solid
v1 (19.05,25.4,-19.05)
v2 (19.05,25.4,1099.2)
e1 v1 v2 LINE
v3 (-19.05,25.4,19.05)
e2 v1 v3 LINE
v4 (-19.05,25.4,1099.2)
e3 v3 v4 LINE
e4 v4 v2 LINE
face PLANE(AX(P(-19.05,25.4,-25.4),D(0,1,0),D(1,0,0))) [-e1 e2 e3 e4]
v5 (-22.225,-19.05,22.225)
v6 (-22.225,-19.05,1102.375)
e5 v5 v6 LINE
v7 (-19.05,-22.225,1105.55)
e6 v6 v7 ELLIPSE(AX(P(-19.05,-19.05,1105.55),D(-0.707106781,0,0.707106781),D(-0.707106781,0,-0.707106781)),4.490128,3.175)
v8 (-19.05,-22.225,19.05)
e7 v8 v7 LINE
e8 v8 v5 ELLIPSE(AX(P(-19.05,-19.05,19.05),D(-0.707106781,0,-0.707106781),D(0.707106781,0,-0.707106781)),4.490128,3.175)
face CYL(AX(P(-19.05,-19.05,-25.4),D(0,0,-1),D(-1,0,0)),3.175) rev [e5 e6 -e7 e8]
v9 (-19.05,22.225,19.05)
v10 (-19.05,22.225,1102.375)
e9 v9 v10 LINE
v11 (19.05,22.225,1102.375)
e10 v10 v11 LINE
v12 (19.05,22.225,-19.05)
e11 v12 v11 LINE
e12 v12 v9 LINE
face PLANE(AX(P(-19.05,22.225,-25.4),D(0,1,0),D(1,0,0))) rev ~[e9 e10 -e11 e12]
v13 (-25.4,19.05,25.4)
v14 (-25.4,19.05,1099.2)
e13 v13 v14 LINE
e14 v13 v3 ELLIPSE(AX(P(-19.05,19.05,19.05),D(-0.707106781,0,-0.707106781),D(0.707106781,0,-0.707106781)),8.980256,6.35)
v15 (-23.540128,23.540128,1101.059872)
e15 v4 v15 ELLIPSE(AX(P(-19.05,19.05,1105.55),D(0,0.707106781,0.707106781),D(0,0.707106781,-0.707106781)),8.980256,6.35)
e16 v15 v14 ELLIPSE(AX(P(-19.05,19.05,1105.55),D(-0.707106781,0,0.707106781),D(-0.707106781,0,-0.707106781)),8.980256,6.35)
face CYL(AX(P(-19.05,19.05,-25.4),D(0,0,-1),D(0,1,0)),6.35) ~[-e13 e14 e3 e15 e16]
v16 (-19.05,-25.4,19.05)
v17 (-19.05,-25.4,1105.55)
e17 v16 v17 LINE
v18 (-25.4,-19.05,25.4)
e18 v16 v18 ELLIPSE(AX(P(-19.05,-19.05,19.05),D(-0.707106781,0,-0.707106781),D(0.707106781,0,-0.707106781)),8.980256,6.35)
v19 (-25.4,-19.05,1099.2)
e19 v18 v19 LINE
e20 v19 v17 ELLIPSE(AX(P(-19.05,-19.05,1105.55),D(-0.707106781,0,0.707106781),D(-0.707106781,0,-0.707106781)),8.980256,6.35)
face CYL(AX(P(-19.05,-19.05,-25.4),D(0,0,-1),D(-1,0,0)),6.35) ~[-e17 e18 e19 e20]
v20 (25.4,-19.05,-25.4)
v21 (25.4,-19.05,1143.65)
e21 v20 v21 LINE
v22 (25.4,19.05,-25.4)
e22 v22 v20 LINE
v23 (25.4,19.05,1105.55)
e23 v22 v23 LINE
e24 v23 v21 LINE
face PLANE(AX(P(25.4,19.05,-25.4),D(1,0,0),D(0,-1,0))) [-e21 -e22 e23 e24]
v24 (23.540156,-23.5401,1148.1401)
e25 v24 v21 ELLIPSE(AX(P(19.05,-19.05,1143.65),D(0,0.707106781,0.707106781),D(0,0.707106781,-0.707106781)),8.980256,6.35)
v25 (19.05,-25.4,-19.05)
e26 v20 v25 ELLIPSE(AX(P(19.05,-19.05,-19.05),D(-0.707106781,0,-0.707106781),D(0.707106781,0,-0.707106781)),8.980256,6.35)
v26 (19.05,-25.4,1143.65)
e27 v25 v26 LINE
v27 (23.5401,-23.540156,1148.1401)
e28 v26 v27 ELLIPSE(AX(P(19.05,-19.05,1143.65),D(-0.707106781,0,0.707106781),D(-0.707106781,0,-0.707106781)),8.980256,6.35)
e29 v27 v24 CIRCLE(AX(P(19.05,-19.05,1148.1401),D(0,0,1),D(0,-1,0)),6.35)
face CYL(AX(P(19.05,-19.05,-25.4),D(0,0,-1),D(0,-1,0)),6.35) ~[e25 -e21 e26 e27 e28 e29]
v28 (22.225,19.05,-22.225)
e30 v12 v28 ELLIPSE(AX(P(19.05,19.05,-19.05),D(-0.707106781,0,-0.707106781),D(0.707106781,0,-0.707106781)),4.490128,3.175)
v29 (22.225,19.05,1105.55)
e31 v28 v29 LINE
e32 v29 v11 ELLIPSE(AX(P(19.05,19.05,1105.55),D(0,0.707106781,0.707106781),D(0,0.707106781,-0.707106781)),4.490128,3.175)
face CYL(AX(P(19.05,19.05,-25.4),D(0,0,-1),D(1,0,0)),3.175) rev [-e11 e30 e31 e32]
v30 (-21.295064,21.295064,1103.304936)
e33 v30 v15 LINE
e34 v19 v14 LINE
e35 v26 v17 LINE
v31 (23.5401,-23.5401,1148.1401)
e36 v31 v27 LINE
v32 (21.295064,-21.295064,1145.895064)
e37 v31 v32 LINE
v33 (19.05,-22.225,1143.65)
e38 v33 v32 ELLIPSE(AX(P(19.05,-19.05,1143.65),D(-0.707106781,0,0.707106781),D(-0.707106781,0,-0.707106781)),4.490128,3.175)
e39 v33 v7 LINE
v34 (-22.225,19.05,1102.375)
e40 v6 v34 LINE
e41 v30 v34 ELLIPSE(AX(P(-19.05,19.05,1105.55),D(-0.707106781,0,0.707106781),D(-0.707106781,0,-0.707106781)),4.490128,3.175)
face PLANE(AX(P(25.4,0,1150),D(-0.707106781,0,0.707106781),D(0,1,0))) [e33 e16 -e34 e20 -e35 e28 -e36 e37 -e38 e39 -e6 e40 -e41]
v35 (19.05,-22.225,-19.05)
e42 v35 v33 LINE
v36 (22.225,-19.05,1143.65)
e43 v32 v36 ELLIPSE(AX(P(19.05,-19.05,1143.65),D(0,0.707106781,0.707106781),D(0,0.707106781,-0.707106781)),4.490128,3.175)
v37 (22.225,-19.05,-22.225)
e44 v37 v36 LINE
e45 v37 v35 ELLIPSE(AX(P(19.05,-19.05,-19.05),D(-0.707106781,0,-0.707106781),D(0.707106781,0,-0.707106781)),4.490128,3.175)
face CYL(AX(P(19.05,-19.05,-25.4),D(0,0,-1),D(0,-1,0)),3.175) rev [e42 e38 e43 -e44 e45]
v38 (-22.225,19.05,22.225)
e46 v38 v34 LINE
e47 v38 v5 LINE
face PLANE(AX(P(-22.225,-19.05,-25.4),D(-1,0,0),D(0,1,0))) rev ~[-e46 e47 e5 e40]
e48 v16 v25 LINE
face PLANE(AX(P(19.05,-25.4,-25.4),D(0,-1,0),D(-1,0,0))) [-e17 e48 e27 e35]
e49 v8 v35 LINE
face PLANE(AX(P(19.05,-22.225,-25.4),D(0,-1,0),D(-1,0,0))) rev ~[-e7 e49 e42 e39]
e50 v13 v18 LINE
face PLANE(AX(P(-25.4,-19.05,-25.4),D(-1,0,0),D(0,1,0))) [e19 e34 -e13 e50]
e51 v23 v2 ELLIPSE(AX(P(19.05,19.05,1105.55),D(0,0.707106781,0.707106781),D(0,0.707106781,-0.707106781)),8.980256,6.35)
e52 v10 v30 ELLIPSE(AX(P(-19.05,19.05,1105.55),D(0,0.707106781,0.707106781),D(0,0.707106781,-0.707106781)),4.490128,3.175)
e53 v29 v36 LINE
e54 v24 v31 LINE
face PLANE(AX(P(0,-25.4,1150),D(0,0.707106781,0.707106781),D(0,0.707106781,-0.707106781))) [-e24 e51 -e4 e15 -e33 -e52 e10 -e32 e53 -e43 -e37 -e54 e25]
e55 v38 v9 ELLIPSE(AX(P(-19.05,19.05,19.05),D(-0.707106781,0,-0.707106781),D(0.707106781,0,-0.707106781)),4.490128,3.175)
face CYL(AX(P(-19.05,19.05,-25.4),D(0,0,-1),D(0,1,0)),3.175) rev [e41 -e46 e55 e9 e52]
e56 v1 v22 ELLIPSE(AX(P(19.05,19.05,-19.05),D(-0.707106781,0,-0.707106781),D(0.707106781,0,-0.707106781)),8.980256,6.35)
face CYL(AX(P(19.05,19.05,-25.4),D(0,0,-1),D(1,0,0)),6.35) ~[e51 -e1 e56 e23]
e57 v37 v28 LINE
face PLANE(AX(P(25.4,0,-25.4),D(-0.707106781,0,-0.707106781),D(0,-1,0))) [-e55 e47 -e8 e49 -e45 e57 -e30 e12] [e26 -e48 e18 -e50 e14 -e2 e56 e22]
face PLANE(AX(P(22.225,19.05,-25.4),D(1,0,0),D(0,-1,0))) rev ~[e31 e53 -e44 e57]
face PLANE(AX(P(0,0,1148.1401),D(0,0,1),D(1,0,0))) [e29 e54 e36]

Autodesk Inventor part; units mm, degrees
ref_plane "Plano inicial" through (0, 0, -25.4) normal (0, 0, 1) x (1, 0, 0)
ref_plane "Plano final" through (0, 0, 1148.1401) normal (0, 0, 1) x (1, 0, 0)
sketch "Boceto" plane through (0, 0, 0) normal (0, 0, 1) x (1, 0, 0)
  line L0 (-25.4, -19.05) -> (-25.4, 19.05)
  line L1 (-19.05, 25.4) -> (19.05, 25.4)
  line L2 (25.4, 19.05) -> (25.4, -19.05)
  line L3 (19.05, -25.4) -> (-19.05, -25.4)
  arc A0 (-25.4, -19.05) -> (-19.05, -25.4) centre (-19.05, -19.05) ccw
  arc A1 (-19.05, 25.4) -> (-25.4, 19.05) centre (-19.05, 19.05) ccw
  arc A2 (25.4, 19.05) -> (19.05, 25.4) centre (19.05, 19.05) ccw
  arc A3 (19.05, -25.4) -> (25.4, -19.05) centre (19.05, -19.05) ccw
  arc A4 (-19.05, 22.225) -> (-22.225, 19.05) centre (-19.05, 19.05) ccw
  line L4 (-19.05, 22.225) -> (19.05, 22.225)
  arc A5 (22.225, 19.05) -> (19.05, 22.225) centre (19.05, 19.05) ccw
  line L5 (22.225, 19.05) -> (22.225, -19.05)
  arc A6 (19.05, -22.225) -> (22.225, -19.05) centre (19.05, -19.05) ccw
  line L6 (19.05, -22.225) -> (-19.05, -22.225)
  arc A7 (-22.225, -19.05) -> (-19.05, -22.225) centre (-19.05, -19.05) ccw
  line L7 (-22.225, -19.05) -> (-22.225, 19.05)
  line L8 (0, 37.4012) -> (0, -37.4012) construction
  line L9 (-37.4012, 0) -> (37.4012, 0) construction
  dimension "d10" = 50.8
  dimension "d11" = 50.8
  dimension "d12" = 3.175
  dimension "d15" = 25.4
  dimension "d16" = 25.4
  dimension "d17" = 6.35
extrude "Cuerpo" add sketch "Boceto" along normal up to surface (1173.5401 mm away) from surface at -25.4
sketch "Sketch3" plane through (0, 0, 0) normal (0, 0, 1) x (1, 0, 0)
  line L0 (0, 0) -> (10, 0)
ref_plane "Work Plane3" through (0, 0, 0) normal (0, -1, 0) x (1, 0, 0)
ref_plane "Plano de trabajo4" through (25.4, 0, -25.4) normal (-0.7071, 0, -0.7071) x (-0.7071, 0, 0.7071)
split "Dividir1" plane through (25.4, 0, -25.4) removes the side toward (-0.7071, 0, -0.7071)
ref_plane "Plano de trabajo5" through (25.4, 0, 1150) normal (-0.7071, 0, 0.7071) x (0.7071, 0, 0.7071)
split "Dividir2" plane through (25.4, 0, 1150) removes the side toward (-0.7071, 0, 0.7071)
ref_plane "Plano de trabajo6" through (0, -25.4, 1150) normal (0, 0.7071, 0.7071) x (1, 0, 0)
split "Dividir3" plane through (0, -25.4, 1150) removes the side toward (0, 0.7071, 0.7071)
sketch "Sketch4" plane through (0, 0, 0) normal (0, -1, 0) x (1, 0, 0)
  line L0 (-2, -25.4) -> (12, -25.4) projected
  line L1 (-2, 1148.1401) -> (12, 1148.1401) projected
  dimension "d19" = 1173.5401
equation "\"d10\" = G_H"
equation "\"d11\" = G_W"
equation "\"d12\" = G_T"
equation "\"d15\" = 0.5 * d10"
equation "\"d16\" = 0.5 * d11"
equation "\"d17\" = G_IR"
equation "\"d3\" = G_L"
equation "\"G_W\" = 50.8"
equation "\"G_H\" = 50.8"
equation "\"G_T\" = 3.175"
equation "\"G_IR\" = 6.35"
equation "\"G_L\" = d19"
equation "\"G_OFFSET_START\" = 25.4"
equation "\"G_OFFSET_END\" = -1.85987"
equation "\"d13\" = -G_OFFSET_START"
equation "\"d14\" = G_OFFSET_END + B_L"
equation "\"B_L\" = 1150"
properties part number "AISC - 2 x 2 x 1/8 - 46,202" material "Acero, suave"
